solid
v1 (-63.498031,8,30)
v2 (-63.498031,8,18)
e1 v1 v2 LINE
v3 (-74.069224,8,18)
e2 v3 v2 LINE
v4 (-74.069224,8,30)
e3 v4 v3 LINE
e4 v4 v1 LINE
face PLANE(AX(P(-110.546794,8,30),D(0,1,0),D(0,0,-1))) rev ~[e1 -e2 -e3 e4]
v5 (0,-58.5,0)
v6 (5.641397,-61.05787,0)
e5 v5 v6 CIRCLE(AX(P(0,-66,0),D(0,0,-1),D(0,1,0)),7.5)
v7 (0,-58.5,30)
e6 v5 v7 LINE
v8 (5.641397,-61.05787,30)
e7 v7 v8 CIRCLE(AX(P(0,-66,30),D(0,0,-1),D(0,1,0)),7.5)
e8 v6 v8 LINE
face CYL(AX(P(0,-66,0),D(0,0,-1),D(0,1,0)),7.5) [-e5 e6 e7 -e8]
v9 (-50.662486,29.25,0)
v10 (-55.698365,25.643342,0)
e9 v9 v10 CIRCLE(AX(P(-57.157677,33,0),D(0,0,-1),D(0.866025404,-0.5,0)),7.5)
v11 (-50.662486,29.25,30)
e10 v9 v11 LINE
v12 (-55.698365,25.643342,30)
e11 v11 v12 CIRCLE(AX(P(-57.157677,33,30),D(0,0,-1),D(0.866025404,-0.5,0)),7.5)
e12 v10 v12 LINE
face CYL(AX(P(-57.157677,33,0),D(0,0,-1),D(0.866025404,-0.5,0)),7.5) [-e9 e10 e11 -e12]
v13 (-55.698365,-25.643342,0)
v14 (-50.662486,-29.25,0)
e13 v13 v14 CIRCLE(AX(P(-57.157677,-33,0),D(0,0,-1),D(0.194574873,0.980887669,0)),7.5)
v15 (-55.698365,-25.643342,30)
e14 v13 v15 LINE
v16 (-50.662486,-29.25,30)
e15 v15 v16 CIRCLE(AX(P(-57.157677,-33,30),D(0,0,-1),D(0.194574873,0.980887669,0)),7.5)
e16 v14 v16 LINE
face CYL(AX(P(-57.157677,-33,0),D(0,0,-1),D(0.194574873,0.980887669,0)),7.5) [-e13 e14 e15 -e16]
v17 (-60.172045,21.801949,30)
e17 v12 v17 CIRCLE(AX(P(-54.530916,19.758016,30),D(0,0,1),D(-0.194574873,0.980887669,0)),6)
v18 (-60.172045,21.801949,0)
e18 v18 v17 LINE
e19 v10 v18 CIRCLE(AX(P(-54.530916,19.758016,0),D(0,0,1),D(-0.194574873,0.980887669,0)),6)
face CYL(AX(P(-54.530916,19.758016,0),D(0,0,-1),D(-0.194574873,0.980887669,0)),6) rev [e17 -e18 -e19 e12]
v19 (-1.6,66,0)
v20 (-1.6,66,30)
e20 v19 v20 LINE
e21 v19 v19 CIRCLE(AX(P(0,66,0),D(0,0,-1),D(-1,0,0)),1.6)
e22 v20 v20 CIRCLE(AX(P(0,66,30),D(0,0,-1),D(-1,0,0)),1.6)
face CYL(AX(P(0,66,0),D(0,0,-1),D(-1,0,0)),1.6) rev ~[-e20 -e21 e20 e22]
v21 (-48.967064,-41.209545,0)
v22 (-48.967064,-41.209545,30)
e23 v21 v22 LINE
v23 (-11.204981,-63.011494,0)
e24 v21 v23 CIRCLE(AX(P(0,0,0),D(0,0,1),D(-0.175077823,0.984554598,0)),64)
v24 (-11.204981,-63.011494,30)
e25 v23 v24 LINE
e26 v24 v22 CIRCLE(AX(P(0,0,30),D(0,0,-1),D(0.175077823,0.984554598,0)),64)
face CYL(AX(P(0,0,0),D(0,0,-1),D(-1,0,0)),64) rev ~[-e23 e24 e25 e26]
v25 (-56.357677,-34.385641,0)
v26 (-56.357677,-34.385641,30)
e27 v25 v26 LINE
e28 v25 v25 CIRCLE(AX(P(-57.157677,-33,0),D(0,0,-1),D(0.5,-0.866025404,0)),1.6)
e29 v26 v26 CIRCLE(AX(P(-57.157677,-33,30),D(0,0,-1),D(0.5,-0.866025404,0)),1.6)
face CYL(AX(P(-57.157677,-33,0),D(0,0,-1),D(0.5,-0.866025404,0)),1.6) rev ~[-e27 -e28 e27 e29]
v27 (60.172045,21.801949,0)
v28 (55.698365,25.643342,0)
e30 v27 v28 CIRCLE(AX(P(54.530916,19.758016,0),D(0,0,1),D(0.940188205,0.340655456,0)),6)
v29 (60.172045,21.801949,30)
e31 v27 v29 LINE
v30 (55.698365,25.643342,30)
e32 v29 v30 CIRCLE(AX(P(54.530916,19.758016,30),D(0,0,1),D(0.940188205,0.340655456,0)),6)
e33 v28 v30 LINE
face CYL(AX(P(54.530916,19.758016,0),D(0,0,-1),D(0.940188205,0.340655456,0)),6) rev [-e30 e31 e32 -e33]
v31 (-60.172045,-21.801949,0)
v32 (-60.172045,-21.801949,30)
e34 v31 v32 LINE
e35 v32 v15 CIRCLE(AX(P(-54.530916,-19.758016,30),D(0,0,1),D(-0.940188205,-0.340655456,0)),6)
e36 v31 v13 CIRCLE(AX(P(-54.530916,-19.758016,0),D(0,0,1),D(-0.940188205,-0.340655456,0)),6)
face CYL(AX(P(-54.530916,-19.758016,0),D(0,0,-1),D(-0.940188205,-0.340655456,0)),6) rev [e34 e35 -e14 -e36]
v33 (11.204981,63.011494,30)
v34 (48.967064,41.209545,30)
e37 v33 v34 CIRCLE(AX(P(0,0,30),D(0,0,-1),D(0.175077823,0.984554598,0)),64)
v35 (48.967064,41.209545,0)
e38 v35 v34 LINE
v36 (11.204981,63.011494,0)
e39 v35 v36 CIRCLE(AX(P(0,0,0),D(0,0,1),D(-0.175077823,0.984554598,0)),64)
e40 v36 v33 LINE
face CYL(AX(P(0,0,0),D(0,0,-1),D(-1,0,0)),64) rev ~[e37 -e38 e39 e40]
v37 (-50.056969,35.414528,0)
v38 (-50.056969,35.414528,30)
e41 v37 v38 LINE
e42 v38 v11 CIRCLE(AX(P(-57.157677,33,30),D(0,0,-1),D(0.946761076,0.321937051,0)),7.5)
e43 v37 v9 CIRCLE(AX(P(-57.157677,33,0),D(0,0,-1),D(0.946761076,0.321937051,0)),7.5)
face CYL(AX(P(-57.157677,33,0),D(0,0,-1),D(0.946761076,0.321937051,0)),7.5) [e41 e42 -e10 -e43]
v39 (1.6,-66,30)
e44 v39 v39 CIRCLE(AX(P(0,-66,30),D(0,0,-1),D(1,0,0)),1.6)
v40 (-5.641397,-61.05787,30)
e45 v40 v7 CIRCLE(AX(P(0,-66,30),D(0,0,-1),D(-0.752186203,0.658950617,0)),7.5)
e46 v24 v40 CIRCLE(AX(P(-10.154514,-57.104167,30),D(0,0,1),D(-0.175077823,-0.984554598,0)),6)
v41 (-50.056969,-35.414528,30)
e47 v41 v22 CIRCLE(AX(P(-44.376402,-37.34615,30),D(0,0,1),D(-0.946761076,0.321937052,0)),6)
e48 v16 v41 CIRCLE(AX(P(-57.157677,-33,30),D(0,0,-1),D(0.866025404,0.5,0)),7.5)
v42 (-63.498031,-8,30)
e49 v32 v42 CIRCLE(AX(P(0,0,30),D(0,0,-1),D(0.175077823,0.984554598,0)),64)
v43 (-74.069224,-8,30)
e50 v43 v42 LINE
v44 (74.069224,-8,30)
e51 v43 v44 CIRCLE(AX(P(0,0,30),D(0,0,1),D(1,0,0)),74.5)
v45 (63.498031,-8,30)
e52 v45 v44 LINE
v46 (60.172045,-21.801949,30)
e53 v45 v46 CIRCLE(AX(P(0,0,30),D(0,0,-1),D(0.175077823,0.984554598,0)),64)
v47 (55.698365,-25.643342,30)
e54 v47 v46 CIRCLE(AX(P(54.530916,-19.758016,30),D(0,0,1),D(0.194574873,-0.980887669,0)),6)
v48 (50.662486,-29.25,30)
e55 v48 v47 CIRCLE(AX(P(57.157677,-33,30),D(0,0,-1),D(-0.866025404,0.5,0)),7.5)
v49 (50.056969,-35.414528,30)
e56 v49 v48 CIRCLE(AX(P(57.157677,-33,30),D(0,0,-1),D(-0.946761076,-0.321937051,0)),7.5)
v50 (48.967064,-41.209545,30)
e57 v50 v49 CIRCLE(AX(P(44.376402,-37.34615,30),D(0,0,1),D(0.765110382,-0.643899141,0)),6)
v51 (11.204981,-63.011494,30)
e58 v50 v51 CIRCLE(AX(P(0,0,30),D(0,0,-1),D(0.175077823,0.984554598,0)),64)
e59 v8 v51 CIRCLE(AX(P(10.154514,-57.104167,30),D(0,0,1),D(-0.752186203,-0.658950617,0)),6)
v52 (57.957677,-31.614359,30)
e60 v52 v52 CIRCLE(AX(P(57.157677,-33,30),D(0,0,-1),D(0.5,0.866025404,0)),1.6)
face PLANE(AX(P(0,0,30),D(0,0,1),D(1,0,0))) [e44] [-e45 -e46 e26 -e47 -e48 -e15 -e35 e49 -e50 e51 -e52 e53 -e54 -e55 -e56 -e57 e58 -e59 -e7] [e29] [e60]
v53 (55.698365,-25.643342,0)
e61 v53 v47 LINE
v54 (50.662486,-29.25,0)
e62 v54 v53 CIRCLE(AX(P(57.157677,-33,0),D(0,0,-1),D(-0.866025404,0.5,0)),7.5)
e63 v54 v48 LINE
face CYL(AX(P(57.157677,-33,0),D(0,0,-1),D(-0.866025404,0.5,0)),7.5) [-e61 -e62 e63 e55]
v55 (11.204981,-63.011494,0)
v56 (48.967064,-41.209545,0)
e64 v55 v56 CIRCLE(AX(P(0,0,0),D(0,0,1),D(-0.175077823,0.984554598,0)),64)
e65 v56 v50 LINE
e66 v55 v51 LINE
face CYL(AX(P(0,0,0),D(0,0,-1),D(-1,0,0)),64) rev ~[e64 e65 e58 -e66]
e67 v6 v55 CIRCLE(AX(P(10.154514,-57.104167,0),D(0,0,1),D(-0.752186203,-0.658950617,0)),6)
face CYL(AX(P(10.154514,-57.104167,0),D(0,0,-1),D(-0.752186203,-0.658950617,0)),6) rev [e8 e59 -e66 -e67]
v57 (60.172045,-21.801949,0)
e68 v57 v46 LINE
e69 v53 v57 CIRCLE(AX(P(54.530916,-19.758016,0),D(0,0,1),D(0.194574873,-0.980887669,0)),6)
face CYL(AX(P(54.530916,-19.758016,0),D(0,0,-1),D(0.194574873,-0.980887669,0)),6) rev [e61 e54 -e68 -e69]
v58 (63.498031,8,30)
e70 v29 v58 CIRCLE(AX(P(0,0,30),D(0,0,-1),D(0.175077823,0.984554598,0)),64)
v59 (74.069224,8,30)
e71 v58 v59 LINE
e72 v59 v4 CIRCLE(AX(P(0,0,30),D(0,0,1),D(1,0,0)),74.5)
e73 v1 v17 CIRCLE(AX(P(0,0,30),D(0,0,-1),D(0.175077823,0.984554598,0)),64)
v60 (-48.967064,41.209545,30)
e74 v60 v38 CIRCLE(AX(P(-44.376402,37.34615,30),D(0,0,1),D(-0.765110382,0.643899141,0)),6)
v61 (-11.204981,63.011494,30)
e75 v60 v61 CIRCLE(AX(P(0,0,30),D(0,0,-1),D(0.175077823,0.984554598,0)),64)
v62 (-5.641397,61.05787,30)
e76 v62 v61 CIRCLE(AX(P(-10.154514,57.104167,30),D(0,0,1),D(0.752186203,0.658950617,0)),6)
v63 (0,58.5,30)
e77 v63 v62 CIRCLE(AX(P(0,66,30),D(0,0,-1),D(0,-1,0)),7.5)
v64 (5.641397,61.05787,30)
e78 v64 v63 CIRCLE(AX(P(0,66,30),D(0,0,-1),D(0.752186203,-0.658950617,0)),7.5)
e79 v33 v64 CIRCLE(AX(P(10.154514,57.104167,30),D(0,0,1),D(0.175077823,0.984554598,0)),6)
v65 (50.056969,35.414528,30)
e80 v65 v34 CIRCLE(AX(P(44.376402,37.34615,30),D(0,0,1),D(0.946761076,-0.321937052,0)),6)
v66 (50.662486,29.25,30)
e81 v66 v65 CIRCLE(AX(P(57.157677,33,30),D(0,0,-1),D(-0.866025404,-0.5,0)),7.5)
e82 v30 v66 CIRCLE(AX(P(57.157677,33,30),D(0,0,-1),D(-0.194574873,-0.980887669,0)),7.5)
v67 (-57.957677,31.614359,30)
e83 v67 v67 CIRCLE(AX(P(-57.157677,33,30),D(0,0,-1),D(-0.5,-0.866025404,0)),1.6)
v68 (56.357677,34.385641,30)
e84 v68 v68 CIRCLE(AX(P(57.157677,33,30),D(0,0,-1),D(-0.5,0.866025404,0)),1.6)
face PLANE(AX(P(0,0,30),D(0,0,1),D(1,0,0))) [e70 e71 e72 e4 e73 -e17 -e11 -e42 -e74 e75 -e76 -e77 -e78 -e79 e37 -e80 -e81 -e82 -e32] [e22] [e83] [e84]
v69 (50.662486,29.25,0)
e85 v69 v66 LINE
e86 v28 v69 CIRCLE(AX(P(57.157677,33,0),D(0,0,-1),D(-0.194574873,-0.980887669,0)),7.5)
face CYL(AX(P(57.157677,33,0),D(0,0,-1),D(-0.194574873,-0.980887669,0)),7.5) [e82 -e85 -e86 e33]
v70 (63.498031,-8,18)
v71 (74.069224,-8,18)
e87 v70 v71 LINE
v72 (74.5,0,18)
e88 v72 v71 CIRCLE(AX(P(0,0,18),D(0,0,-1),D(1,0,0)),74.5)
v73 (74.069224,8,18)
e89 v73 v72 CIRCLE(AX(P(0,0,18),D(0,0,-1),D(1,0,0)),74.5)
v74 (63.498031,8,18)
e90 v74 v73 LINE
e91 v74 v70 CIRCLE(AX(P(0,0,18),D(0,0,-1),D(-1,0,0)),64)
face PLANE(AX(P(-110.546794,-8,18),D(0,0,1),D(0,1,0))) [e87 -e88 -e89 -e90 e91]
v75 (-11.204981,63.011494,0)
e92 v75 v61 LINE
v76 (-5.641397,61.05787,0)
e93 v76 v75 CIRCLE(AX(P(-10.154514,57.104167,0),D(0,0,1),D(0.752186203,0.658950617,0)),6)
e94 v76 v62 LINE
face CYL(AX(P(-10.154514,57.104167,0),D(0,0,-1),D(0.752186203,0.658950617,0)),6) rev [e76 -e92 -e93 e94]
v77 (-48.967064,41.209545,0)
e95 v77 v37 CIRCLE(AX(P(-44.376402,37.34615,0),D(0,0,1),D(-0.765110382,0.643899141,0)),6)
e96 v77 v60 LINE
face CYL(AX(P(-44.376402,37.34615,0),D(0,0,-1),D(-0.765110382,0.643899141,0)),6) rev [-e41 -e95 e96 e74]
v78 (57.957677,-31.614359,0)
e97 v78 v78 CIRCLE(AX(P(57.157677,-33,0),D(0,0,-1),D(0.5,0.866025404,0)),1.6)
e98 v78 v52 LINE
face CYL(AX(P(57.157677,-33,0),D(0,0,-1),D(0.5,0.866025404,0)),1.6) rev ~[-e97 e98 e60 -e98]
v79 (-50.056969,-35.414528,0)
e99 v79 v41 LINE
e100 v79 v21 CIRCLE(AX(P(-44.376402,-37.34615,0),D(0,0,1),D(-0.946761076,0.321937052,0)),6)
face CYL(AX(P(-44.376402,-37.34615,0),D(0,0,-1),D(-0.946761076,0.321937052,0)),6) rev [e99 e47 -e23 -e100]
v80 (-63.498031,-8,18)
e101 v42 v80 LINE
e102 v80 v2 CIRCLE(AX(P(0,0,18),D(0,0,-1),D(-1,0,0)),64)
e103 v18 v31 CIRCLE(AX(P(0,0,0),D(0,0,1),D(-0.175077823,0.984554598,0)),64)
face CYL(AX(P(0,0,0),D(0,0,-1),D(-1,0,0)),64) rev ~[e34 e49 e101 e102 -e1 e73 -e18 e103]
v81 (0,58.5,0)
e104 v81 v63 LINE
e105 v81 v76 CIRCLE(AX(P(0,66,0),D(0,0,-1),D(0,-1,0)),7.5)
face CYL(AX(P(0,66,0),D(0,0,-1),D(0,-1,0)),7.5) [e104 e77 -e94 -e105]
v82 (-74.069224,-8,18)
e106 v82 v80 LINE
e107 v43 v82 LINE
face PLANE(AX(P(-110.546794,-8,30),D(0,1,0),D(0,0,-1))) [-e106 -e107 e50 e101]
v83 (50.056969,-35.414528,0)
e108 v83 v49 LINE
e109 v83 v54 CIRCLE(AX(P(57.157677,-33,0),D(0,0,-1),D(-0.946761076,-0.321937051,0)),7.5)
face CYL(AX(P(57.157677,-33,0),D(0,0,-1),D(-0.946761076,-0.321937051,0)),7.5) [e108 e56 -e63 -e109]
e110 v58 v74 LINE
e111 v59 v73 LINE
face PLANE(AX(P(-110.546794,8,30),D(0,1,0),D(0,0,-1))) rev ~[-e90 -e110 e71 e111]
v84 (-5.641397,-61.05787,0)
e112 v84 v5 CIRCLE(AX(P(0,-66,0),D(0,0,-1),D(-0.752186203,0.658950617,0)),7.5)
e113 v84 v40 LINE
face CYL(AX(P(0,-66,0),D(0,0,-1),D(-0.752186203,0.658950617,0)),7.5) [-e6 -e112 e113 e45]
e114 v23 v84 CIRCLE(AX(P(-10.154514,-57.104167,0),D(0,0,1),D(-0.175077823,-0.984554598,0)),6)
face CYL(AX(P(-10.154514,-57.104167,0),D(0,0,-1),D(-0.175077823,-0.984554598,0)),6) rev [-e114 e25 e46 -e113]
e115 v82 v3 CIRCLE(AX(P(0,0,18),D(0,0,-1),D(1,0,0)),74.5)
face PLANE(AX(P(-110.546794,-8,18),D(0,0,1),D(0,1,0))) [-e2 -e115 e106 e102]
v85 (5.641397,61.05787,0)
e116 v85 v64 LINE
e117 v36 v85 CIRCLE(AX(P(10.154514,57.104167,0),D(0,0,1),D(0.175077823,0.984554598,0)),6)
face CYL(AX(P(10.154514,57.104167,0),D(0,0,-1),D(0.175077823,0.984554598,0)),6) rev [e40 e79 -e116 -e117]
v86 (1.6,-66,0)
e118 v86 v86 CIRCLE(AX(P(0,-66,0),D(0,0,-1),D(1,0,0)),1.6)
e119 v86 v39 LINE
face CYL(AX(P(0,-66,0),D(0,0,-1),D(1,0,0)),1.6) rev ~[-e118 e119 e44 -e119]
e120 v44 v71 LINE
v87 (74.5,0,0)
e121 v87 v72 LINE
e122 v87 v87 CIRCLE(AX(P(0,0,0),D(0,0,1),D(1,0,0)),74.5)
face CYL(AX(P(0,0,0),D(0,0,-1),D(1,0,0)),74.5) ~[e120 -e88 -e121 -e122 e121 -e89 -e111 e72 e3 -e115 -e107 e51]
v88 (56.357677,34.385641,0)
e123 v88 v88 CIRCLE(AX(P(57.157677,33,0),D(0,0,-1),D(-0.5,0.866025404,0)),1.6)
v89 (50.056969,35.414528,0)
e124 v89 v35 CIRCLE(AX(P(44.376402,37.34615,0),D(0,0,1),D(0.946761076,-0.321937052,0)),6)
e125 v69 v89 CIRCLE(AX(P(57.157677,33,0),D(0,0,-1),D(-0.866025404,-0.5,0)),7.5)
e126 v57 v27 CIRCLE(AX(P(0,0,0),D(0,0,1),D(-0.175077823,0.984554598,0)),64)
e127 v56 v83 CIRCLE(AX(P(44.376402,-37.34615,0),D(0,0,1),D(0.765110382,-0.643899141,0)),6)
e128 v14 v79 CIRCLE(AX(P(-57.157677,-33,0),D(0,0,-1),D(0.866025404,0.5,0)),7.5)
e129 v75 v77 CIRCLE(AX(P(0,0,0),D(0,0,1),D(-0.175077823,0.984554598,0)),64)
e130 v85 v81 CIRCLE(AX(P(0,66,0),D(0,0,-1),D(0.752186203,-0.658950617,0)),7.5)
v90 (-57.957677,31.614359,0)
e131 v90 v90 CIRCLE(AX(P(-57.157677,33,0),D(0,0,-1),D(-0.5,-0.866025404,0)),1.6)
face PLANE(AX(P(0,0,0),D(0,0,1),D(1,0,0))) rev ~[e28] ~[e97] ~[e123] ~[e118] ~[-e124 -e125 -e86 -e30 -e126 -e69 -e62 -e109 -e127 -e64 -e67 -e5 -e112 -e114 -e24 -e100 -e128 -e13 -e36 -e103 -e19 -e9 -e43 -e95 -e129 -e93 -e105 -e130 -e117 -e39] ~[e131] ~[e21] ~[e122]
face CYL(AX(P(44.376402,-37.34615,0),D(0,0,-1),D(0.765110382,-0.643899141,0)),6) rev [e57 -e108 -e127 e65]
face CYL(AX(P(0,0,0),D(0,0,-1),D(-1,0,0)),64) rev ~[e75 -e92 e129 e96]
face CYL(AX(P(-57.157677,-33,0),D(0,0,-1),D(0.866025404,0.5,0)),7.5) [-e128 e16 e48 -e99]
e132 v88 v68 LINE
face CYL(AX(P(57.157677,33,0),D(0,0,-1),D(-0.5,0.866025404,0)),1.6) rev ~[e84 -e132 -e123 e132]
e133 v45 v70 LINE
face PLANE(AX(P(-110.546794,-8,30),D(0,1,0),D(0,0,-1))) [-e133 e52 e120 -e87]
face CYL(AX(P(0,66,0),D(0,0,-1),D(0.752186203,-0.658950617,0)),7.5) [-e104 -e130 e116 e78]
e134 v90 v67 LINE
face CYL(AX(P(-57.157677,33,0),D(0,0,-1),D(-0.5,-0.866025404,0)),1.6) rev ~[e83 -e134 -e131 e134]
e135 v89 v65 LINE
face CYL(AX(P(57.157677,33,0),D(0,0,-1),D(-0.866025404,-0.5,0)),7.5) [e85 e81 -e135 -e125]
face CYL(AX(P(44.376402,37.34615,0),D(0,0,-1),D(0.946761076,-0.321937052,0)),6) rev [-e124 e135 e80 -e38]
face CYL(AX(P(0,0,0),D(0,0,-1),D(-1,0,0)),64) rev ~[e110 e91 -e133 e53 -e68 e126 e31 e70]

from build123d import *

# Parameters (mm, degrees)
ESQUISSE1_R                  = 74.5
BOSS_EXTRU_1_DEPTH           = 30
ESQUISSE3_R                  = 64
ENL_V_MAT_EXTRU_1_DEPTH      = 110.546793655
BOSS_EXTRU_2_DEPTH           = 30
ESQUISSE5_R                  = 1.6
ENL_V_MAT_EXTRU_2_DEPTH      = 120
R_P_TITION_CIRCULAIRE1_COUNT = 6
ENL_V_MAT_EXTRU_3_DEPTH      = 110.546793655
ENL_V_MAT_EXTRU_3_DEPTH_BACK = 110.546793655
ESQUISSE7_W                  = 12
ESQUISSE7_H                  = 16


with BuildPart() as part:
    # Esquisse1 → Boss.-Extru.1 (new body)
    with BuildSketch(Plane.XY):
        Circle(ESQUISSE1_R)
    extrude(amount=BOSS_EXTRU_1_DEPTH)

    # Esquisse3 → Enlèv. mat.-Extru.1 (cut, through all)
    with BuildSketch(Plane(origin=(0, 0, 0), x_dir=(-1, 0, 0), z_dir=(0, 0, -1))):
        Circle(ESQUISSE3_R)
    extrude(amount=-ENL_V_MAT_EXTRU_1_DEPTH, mode=Mode.SUBTRACT)

    # Esquisse4 → Boss.-Extru.2 (add)
    with BuildSketch(Plane(origin=(0, 0, 0), x_dir=(-1, 0, 0), z_dir=(0, 0, -1))):
        with BuildLine():
            ThreePointArc((-11.204980679, 63.011494253), (-8.166638415, 62.765293029), (-5.641396522, 61.05787037))
            ThreePointArc((-5.641396522, 61.05787037), (-3.097097656, 59.169334871), (0, 58.5))
            ThreePointArc((0, 58.5), (3.097097656, 59.169334871), (5.641396522, 61.05787037))
            ThreePointArc((5.641396522, 61.05787037), (8.166638415, 62.765293029), (11.204980679, 63.011494253))
            ThreePointArc((11.204980679, 63.011494253), (0, 64), (-11.204980679, 63.011494253))
        make_face()
    boss_extru_2 = extrude(amount=-BOSS_EXTRU_2_DEPTH)

    # Esquisse5 → Enlèv. mat.-Extru.2 (cut)
    with BuildSketch(Plane(origin=(0, 0, 0), x_dir=(-1, 0, 0), z_dir=(0, 0, -1))):
        with Locations((0, 66)):
            Circle(ESQUISSE5_R)
    enl_v_mat_extru_2 = extrude(amount=-ENL_V_MAT_EXTRU_2_DEPTH, mode=Mode.SUBTRACT)

    # Répétition circulaire1: Boss.-Extru.2, Enlèv. mat.-Extru.2 ×6 about axis
    r_p_tition_circulaire1_axis = Axis((0, 0, 0), (0, 0, 1))
    add([boss_extru_2.rotate(r_p_tition_circulaire1_axis, i * 360 / R_P_TITION_CIRCULAIRE1_COUNT) for i in range(1, R_P_TITION_CIRCULAIRE1_COUNT)])
    add([enl_v_mat_extru_2.rotate(r_p_tition_circulaire1_axis, i * 360 / R_P_TITION_CIRCULAIRE1_COUNT) for i in range(1, R_P_TITION_CIRCULAIRE1_COUNT)], mode=Mode.SUBTRACT)

    # Esquisse7 → Enlèv. mat.-Extru.3 (cut, two sides: drawn at the far end of the back side and taken through both)
    with BuildSketch(Plane(origin=(0, 0, 0), x_dir=(0, 0, -1), z_dir=(1, 0, 0)).offset(-ENL_V_MAT_EXTRU_3_DEPTH_BACK)):
        with Locations((-24, 0)):
            Rectangle(ESQUISSE7_W, ESQUISSE7_H)
    extrude(amount=ENL_V_MAT_EXTRU_3_DEPTH + ENL_V_MAT_EXTRU_3_DEPTH_BACK, mode=Mode.SUBTRACT)


solid = part.part
